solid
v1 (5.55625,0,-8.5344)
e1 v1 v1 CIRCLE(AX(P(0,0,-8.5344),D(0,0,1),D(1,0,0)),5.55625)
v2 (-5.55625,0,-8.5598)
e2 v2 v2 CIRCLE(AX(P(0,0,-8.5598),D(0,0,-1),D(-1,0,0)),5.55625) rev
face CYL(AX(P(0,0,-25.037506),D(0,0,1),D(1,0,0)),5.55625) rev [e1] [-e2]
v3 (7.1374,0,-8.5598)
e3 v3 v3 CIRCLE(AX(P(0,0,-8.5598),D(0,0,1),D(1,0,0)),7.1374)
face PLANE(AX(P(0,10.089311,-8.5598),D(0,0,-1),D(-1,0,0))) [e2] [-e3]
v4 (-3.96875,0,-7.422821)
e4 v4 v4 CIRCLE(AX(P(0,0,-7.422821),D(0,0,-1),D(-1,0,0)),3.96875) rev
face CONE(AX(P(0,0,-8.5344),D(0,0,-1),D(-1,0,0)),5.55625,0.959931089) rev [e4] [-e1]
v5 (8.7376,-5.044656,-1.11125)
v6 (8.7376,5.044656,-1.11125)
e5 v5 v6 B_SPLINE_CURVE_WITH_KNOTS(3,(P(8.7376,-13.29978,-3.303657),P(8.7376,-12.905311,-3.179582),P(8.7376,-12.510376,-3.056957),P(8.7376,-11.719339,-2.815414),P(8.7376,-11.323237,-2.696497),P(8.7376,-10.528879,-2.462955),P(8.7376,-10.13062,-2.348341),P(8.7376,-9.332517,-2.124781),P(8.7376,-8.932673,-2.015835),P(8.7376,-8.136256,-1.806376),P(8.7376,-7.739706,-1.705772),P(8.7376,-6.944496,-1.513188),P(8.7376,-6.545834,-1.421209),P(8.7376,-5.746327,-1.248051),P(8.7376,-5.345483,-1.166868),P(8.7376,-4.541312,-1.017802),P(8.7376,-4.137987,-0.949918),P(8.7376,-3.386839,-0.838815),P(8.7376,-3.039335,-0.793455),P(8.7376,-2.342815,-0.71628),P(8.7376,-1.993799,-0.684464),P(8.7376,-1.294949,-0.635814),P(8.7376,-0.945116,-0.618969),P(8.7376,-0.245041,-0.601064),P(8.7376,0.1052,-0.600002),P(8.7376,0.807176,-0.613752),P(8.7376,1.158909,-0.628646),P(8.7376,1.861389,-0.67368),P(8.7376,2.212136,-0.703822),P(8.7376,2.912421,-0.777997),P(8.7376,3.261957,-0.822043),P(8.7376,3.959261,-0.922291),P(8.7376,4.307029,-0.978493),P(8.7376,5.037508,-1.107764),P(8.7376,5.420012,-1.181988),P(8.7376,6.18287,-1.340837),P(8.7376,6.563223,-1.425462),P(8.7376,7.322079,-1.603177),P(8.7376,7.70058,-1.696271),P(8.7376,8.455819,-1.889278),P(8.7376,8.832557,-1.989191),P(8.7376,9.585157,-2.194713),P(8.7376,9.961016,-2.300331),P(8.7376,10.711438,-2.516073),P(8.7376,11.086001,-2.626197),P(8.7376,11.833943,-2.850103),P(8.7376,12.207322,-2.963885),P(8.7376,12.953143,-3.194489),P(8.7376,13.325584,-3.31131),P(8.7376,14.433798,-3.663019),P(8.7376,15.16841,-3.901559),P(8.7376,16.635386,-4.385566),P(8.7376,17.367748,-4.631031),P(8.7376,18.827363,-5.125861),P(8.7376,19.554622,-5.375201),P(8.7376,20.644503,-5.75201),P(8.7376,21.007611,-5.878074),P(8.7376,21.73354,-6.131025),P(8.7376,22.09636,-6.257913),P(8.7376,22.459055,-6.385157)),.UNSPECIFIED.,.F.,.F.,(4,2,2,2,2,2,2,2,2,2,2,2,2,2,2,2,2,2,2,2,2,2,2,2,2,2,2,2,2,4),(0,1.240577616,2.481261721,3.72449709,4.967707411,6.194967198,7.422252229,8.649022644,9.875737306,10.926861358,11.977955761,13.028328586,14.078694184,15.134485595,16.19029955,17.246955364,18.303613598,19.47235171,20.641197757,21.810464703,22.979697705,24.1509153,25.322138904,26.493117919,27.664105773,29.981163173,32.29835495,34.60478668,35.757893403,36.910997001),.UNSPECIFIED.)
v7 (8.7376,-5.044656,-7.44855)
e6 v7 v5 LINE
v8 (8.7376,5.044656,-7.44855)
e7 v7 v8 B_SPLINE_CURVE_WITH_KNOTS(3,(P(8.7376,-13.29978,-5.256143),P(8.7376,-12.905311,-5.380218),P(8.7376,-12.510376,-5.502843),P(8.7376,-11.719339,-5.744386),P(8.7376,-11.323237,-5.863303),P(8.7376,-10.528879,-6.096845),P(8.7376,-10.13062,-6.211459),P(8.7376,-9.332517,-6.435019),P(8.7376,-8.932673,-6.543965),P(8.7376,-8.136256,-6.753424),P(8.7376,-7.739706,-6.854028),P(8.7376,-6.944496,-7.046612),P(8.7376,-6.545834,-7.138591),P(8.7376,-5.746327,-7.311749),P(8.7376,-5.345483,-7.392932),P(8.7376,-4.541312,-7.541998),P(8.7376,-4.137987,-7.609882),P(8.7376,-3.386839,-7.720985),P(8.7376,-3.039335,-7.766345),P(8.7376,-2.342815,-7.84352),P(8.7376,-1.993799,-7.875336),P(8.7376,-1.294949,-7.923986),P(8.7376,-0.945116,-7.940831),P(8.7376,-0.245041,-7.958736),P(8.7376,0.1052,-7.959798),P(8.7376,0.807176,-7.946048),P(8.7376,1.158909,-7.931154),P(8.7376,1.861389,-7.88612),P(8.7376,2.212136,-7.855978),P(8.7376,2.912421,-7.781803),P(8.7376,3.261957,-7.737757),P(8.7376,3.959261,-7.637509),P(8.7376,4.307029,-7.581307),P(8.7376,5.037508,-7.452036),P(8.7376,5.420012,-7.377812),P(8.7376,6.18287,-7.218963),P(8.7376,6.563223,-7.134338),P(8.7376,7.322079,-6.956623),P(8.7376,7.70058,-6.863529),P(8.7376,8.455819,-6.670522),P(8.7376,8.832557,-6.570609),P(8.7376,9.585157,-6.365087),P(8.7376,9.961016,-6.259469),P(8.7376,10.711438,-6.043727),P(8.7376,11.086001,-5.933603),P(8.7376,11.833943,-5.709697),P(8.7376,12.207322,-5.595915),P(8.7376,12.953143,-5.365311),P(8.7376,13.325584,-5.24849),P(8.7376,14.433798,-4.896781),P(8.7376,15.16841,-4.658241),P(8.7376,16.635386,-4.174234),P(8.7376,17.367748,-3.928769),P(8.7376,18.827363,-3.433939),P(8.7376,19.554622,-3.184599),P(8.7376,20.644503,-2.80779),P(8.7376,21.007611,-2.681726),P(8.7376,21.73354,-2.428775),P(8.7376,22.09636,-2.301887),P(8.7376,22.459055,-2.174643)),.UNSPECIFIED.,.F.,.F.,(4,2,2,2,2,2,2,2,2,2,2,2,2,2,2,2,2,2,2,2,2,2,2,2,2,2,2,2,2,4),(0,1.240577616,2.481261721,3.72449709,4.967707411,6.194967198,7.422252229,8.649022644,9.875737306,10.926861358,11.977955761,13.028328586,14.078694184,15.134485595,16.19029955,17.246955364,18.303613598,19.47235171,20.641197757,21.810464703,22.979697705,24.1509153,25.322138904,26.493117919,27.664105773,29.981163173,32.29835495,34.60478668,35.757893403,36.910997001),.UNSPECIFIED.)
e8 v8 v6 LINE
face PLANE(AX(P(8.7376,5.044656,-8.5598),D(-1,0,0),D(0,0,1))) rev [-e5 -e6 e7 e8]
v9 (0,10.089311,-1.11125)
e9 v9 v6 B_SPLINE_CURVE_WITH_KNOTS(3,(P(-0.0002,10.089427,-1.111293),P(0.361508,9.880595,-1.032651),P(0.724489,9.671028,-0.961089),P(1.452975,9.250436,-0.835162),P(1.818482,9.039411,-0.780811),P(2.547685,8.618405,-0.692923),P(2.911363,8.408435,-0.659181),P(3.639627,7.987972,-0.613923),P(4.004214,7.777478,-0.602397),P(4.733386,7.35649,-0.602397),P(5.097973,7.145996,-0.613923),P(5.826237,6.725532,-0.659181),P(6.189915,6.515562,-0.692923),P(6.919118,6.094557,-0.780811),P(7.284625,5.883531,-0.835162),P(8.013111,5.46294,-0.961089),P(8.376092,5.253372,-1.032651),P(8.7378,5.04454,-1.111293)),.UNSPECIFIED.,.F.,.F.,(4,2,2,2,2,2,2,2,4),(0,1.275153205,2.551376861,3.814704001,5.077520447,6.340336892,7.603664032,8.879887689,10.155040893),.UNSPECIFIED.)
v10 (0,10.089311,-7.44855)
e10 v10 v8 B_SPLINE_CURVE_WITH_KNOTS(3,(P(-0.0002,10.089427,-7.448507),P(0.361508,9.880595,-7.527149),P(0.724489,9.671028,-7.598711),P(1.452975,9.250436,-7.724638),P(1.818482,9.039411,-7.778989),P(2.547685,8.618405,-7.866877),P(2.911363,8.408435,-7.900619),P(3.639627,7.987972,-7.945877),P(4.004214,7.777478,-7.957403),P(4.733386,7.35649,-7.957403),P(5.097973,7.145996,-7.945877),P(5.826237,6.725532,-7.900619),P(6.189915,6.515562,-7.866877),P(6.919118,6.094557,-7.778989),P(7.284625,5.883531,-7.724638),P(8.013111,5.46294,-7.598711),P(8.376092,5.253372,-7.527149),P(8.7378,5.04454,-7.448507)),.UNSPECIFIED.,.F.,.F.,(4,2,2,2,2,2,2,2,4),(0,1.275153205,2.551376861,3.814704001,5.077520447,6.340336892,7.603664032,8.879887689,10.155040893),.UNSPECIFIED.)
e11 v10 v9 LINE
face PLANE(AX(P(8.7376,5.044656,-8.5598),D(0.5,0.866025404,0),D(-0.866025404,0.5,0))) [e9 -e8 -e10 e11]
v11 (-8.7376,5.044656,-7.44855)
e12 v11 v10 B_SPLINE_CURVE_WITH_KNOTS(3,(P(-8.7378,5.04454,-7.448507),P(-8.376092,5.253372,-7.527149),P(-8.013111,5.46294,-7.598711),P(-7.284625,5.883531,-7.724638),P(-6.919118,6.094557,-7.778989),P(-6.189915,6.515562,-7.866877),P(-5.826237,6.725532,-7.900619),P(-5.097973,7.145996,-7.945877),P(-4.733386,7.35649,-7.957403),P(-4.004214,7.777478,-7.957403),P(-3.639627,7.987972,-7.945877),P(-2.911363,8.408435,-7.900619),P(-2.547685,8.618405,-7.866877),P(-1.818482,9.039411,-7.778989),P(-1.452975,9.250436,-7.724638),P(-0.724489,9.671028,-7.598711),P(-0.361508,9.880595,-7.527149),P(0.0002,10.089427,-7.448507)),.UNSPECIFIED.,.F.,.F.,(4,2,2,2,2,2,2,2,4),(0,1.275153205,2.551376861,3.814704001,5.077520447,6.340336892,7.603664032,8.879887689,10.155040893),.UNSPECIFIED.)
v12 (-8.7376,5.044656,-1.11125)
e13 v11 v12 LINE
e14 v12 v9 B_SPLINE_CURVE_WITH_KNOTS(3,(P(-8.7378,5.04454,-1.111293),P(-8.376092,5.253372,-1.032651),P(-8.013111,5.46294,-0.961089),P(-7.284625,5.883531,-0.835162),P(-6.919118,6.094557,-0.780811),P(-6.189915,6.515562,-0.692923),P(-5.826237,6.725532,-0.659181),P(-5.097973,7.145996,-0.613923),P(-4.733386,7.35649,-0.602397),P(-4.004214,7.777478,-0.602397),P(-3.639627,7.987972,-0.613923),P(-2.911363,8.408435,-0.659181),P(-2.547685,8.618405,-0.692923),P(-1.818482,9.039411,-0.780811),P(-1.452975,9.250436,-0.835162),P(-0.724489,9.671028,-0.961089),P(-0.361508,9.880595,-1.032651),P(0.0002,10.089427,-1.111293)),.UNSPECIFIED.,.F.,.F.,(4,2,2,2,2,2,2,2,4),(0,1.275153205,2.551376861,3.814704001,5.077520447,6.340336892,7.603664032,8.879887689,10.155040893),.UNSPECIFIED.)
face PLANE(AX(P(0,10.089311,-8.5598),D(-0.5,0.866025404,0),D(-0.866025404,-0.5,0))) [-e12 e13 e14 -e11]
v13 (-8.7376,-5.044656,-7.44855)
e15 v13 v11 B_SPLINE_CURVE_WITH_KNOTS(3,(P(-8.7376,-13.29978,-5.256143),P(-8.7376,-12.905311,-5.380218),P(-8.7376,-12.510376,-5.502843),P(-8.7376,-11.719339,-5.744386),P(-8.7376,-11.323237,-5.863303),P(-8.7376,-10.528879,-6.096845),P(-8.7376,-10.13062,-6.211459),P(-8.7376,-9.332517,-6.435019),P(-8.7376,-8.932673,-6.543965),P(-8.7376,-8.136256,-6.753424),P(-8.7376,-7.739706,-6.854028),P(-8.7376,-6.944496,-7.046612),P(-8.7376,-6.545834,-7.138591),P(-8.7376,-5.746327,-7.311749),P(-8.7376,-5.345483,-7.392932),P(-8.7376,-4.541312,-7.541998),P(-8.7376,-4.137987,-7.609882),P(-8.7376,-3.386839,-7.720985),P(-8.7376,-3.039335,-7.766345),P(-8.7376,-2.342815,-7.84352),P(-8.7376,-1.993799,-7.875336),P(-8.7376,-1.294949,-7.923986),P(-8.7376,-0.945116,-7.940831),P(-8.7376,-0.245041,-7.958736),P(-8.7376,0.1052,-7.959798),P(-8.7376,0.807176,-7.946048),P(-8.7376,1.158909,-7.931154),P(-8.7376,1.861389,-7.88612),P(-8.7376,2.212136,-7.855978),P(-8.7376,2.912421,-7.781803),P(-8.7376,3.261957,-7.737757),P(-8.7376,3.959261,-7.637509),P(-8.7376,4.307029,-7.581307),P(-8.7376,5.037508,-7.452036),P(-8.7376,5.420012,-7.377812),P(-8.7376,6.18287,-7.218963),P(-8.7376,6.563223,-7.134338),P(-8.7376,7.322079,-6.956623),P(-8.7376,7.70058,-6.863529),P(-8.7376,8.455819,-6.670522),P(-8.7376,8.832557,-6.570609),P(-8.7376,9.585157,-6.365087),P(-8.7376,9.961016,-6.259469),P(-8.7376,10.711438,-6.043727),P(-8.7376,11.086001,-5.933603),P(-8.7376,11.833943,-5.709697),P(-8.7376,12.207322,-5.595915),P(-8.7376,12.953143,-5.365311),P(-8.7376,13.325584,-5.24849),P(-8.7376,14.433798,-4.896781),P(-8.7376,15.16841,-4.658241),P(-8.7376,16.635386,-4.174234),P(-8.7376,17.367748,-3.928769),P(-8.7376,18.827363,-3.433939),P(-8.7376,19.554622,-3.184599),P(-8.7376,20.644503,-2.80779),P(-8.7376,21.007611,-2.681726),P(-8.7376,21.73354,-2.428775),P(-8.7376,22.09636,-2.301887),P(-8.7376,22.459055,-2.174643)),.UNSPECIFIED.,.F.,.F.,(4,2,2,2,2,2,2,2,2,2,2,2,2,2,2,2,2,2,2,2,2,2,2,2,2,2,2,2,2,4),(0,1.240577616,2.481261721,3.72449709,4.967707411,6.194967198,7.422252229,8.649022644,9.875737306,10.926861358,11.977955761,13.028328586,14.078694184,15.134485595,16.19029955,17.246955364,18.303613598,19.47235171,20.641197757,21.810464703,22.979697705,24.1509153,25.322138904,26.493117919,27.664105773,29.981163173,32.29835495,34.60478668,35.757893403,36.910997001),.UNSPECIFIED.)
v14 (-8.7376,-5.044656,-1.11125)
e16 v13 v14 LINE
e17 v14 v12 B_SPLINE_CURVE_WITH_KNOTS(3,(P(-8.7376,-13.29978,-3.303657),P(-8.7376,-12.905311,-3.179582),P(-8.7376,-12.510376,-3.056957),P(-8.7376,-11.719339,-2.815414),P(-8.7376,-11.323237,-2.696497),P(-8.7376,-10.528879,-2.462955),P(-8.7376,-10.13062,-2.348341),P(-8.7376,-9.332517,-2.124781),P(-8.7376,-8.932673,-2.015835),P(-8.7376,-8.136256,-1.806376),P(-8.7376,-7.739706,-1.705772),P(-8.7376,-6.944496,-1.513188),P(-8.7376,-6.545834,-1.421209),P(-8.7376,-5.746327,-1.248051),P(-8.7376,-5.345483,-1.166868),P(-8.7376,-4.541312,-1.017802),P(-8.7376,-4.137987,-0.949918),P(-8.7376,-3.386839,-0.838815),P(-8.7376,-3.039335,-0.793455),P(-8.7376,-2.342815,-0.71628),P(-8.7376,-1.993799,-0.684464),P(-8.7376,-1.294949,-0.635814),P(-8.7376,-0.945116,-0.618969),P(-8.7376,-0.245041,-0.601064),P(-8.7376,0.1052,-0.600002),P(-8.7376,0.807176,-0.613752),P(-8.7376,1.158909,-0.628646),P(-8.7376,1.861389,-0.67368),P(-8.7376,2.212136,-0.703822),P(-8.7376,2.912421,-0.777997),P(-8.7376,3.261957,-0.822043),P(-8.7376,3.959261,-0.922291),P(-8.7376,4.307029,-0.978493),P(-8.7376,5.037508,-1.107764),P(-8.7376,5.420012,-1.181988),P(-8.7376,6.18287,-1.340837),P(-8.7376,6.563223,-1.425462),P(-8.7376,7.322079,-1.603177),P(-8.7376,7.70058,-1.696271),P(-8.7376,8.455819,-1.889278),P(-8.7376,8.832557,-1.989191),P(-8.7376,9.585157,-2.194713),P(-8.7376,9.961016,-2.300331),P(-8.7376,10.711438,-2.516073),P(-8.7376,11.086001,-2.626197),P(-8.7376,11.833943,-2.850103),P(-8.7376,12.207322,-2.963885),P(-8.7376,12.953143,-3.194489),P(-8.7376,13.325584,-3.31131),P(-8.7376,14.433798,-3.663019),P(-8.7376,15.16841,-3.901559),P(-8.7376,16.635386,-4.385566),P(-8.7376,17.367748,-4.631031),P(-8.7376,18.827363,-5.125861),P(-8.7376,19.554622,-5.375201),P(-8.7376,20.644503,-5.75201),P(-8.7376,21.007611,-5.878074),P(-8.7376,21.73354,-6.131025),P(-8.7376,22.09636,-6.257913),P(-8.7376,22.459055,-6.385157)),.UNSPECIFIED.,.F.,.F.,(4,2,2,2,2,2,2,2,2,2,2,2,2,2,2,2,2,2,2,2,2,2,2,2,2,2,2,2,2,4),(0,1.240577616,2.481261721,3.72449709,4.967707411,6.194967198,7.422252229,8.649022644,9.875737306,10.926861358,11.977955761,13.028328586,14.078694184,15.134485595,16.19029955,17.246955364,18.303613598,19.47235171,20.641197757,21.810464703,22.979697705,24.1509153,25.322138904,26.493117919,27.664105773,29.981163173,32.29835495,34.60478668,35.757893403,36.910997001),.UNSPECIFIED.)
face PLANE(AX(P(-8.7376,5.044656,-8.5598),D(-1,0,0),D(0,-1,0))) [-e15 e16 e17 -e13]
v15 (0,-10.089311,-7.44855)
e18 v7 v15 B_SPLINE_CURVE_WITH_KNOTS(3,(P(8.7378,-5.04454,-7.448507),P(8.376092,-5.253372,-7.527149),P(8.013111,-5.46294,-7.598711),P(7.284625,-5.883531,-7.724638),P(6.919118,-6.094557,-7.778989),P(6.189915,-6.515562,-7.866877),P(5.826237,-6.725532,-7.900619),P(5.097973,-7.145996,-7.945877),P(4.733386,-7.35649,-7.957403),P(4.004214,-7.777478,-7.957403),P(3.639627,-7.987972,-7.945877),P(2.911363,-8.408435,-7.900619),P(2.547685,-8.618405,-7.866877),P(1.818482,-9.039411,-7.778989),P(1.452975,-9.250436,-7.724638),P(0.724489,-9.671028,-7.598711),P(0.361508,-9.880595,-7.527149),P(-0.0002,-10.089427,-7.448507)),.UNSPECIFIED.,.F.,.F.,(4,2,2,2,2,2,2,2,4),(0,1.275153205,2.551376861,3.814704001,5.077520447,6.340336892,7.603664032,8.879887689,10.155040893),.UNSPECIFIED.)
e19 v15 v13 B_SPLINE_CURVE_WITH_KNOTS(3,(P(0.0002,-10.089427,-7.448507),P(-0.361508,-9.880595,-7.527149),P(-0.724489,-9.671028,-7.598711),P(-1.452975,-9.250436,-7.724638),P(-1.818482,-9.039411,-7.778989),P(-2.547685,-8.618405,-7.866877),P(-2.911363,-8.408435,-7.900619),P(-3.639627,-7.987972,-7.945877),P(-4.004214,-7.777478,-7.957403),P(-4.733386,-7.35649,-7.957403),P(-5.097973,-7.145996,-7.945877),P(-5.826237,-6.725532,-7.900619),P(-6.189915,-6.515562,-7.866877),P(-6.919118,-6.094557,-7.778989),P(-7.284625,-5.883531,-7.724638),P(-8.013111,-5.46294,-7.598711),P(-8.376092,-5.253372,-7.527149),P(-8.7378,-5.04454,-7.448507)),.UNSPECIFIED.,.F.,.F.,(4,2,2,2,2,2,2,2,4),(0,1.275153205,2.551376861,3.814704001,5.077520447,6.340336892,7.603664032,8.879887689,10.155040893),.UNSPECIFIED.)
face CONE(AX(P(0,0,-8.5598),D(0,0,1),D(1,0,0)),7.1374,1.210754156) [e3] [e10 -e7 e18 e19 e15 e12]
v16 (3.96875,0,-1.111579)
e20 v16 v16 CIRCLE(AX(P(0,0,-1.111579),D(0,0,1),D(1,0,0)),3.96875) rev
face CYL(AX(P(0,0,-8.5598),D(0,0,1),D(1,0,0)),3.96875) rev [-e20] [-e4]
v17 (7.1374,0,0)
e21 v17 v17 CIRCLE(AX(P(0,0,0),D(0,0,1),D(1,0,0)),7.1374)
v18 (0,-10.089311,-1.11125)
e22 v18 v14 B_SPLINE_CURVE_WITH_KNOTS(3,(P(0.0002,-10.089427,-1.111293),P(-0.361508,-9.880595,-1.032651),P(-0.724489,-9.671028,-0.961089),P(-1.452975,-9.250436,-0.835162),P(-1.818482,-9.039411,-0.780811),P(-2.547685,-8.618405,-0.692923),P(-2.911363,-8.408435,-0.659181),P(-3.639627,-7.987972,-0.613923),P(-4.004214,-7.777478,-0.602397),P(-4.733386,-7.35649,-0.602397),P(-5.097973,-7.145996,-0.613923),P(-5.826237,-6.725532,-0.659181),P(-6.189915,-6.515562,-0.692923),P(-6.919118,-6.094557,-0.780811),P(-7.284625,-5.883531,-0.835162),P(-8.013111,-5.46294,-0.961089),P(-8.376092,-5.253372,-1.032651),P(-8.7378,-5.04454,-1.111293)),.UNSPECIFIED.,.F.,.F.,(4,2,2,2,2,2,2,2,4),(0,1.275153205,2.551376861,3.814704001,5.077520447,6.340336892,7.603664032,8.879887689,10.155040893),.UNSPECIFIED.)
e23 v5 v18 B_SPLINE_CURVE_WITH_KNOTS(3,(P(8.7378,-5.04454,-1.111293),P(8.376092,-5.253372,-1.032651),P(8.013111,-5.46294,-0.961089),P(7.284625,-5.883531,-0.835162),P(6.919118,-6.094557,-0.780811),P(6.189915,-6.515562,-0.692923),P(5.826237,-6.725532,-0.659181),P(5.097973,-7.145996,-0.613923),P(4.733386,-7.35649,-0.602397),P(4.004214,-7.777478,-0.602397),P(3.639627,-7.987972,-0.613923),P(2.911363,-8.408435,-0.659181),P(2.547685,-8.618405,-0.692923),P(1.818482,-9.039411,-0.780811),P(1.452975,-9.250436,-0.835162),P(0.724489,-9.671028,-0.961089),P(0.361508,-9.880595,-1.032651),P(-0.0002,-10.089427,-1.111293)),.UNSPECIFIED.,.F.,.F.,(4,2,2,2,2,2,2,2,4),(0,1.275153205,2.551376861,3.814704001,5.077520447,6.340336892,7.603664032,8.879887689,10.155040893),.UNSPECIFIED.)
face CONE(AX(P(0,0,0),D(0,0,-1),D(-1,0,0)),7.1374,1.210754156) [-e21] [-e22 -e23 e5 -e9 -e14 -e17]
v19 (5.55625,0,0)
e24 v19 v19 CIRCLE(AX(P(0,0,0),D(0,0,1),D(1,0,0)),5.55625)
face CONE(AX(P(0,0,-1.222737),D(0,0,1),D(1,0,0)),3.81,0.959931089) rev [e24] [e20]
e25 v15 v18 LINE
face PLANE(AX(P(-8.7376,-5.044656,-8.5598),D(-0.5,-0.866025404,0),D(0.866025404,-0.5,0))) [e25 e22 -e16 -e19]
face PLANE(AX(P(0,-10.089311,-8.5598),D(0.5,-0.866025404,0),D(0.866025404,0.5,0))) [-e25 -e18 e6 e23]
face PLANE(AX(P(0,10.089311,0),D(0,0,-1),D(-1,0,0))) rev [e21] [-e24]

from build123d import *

# Parameters (mm, degrees)
BASENUTSKE_R  = 3.96875
BASENUT_DEPTH = 8.5598


with BuildPart() as part:
    # BaseNutSke → BaseNut (new body)
    with BuildSketch(Plane.XY):
        Polygon((8.7376, 5.044655712), (8.7376, -5.044655712), (0, -10.089311424), (-8.7376, -5.044655712), (-8.7376, 5.044655712), (0, 10.089311424), align=None)
        Circle(BASENUTSKE_R, mode=Mode.SUBTRACT)
    extrude(amount=-BASENUT_DEPTH)

    # Sketch3 → Double-Chamfer (revolve, cut)
    with BuildSketch(Plane(origin=(0, 0, 0), x_dir=(0, 0, -1), z_dir=(1, 0, 0))):
        Polygon((8.5598, 7.1374), (7.44855, 10.089311424), (7.44855, 22.789311424), (21.2598, 22.789311424), (21.2598, 7.1374), align=None)
        Polygon((1.11125, 22.789311424), (-12.7, 22.789311424), (-12.7, 7.1374), (0, 7.1374), (1.11125, 10.089311424), align=None)
    revolve(axis=Axis((0, 0, 0), (0, 0, -1)), mode=Mode.SUBTRACT)

    # Sketch5 → EndChamfer (revolve, cut)
    with BuildSketch(Plane(origin=(0, 0, 0), x_dir=(0, 0, -1), z_dir=(1, 0, 0))):
        Polygon((8.5344, 5.55625), (7.311662586, 3.81), (8.5852, 3.81), (8.5852, 5.55625), align=None)
        Polygon((-0.0508, 5.55625), (0, 5.55625), (1.222737414, 3.81), (-0.0508, 3.81), align=None)
    revolve(axis=Axis((0, 0, -25.037505729), (0, 0, -1)), mode=Mode.SUBTRACT)


solid = part.part
